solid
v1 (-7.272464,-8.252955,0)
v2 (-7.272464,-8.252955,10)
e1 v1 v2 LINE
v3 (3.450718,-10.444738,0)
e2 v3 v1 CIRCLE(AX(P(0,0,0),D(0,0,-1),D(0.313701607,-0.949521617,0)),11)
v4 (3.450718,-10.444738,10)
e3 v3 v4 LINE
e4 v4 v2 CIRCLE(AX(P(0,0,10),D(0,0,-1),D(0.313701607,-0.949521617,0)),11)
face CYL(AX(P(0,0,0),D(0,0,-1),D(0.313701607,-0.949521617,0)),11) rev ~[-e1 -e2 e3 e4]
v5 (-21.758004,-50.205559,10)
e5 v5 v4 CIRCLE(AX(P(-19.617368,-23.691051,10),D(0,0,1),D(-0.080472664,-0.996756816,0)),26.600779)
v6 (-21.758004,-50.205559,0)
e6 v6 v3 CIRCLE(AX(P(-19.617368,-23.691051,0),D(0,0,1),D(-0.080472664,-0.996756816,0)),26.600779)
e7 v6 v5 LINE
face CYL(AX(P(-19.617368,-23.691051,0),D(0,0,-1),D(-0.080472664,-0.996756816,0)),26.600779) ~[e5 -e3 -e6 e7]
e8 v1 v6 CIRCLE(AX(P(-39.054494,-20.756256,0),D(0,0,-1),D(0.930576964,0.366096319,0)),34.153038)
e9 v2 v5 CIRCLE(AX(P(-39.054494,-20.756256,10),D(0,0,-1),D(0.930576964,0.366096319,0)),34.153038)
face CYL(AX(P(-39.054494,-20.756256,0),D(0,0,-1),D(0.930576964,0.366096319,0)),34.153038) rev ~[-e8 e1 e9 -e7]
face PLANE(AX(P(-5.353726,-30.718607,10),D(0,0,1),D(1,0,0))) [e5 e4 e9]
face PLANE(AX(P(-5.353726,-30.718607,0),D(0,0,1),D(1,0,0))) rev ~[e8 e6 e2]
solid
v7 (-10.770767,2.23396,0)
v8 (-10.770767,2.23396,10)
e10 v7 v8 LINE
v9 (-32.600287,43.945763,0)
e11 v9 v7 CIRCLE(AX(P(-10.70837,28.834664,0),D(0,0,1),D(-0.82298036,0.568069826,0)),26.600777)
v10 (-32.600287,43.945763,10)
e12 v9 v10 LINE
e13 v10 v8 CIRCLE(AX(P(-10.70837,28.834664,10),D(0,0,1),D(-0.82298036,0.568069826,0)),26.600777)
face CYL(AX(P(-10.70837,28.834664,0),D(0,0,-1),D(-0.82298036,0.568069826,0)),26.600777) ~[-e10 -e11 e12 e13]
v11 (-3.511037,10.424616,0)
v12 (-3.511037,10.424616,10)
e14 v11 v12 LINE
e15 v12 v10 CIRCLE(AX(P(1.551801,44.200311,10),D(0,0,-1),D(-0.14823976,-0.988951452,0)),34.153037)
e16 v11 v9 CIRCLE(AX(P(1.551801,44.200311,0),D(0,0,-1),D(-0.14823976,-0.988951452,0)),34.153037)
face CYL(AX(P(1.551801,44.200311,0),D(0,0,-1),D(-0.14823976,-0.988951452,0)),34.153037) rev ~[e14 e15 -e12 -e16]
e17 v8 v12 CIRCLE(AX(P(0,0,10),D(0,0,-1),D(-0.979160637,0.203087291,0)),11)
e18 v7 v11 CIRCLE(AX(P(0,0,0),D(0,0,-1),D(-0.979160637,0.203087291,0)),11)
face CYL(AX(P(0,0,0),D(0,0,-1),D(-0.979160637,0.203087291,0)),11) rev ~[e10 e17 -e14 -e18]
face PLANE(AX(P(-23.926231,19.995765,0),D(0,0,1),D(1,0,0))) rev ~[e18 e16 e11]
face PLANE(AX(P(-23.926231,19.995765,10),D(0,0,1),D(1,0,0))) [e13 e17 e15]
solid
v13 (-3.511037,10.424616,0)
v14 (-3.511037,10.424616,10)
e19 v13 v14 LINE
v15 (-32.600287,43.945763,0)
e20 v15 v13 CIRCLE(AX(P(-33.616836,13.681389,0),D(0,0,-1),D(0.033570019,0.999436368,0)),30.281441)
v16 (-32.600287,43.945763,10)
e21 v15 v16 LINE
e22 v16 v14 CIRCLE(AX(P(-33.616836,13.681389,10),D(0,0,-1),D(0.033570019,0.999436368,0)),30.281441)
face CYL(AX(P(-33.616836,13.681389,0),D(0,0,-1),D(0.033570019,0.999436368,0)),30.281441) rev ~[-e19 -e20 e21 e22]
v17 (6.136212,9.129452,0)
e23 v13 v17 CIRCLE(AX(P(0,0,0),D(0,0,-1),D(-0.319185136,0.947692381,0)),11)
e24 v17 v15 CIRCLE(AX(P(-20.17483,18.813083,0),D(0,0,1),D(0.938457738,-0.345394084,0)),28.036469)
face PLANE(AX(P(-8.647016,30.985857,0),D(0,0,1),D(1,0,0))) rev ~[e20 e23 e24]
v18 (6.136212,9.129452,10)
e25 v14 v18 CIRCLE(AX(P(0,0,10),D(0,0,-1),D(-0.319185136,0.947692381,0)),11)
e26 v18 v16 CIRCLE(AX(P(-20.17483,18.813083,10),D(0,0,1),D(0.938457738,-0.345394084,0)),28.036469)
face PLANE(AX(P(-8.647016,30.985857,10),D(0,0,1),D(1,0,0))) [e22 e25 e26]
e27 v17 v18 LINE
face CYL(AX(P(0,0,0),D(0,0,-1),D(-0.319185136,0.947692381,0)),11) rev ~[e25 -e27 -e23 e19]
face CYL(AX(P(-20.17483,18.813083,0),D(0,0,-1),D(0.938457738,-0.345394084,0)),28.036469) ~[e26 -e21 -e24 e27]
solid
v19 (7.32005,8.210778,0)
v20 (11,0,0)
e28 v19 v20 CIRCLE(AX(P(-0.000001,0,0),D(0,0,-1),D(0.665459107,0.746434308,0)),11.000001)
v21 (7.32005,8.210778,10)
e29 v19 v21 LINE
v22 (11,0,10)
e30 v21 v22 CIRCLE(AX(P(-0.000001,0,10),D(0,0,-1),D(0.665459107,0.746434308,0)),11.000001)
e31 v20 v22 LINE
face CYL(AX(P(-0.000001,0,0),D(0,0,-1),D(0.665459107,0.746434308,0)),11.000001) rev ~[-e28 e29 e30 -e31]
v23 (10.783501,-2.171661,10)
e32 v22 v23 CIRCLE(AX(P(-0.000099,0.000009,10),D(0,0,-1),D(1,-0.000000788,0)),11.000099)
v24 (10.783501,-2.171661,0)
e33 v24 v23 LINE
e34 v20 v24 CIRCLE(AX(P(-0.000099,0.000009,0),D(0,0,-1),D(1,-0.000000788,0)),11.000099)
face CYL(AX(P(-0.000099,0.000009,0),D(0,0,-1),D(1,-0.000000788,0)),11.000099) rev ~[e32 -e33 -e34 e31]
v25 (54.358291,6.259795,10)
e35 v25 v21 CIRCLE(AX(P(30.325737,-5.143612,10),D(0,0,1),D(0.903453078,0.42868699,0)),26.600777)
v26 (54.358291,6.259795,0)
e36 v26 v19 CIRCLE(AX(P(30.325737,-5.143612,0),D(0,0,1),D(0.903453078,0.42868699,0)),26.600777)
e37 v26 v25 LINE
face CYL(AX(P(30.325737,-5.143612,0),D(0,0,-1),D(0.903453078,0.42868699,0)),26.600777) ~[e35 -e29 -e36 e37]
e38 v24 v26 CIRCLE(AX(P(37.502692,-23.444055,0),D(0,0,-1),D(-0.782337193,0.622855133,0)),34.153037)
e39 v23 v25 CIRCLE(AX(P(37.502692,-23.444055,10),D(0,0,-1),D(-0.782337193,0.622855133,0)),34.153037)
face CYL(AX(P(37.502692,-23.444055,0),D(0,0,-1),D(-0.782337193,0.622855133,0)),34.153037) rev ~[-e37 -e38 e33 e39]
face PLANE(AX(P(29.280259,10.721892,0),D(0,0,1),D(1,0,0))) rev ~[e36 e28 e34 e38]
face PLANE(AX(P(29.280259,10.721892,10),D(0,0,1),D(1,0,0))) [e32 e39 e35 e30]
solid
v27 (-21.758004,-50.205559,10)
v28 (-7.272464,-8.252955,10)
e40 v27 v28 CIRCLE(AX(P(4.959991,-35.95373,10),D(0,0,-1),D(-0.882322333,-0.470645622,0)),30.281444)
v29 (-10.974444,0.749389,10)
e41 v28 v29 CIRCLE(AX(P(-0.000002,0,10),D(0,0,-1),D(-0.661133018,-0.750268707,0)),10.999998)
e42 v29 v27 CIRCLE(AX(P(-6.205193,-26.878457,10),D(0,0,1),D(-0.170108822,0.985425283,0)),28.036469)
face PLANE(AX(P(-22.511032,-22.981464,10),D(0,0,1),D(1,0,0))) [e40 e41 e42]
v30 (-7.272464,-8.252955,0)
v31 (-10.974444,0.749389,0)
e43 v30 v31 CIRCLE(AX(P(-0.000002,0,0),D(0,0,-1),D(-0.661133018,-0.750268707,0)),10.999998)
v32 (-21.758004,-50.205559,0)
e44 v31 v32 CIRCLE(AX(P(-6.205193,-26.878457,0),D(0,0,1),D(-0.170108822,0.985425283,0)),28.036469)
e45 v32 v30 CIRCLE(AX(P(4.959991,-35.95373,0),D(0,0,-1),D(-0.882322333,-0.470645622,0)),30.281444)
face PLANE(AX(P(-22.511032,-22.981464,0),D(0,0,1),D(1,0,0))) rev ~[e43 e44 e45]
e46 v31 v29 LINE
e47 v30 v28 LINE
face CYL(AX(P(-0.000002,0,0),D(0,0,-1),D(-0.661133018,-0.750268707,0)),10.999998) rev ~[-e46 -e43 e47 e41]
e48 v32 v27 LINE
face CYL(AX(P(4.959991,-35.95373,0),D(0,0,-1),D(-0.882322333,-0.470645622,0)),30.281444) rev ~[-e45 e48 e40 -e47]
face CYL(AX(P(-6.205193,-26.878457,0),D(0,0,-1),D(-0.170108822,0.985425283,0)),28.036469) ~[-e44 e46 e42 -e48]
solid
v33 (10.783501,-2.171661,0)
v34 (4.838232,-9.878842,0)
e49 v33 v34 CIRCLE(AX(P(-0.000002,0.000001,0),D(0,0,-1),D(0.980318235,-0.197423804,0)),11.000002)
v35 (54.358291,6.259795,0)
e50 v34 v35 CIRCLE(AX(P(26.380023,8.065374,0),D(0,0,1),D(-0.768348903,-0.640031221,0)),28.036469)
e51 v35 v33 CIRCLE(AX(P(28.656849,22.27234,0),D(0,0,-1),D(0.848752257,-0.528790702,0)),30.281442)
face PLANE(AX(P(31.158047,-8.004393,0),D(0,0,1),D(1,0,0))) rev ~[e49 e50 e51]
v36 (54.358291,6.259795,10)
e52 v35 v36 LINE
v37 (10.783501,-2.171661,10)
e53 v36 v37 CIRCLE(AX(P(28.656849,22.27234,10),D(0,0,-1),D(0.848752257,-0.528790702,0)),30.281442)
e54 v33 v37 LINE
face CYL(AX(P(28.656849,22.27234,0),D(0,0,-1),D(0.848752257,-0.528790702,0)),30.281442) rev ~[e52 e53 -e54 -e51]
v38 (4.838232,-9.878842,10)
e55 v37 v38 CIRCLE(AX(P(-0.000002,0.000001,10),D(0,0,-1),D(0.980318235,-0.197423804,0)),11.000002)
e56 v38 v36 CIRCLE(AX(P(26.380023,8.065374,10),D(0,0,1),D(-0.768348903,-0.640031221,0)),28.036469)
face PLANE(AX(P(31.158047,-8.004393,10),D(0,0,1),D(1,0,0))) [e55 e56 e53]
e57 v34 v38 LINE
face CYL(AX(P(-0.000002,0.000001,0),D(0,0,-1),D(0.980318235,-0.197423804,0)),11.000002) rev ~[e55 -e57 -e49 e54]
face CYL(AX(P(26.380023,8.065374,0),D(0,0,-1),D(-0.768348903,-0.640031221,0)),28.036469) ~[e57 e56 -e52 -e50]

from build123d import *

# Parameters (mm, degrees)
F1_DEPTH = 10


with BuildPart() as f1:
    # F0 (on Top) → F1 (new body)
    with BuildSketch(Plane.XY):
        with BuildLine():
            ThreePointArc((-10.770767, 2.23396), (-8.231901, 7.296287), (-3.511037, 10.424616))
            ThreePointArc((-3.511037, 10.424616), (-24.242955, 21.815931), (-32.600287, 43.945763))
            ThreePointArc((-32.600287, 43.945763), (-34.276709, 16.500373), (-10.770767, 2.23396))
        make_face()
        with BuildLine():
            ThreePointArc((-3.511037, 10.424616), (1.463642, 10.90219), (6.136212, 9.129452))
            ThreePointArc((6.136212, 9.129452), (-1.433265, 39.664878), (-32.600287, 43.945763))
            ThreePointArc((-32.600287, 43.945763), (-10.746179, 33.528272), (-3.511037, 10.424616))
        make_face()
        with BuildLine():
            ThreePointArc((7.32005, 8.210778), (10.037942, 4.498858), (11, 0))
            ThreePointArc((11, 0), (10.945741, -1.091213), (10.783501, -2.171661))
            ThreePointArc((10.783501, -2.171661), (31.014628, 10.087049), (54.358291, 6.259795))
            ThreePointArc((54.358291, 6.259795), (31.428097, 21.434314), (7.32005, 8.210778))
        make_face()
        with BuildLine():
            ThreePointArc((54.358291, 6.259795), (34.409424, -7.457672), (10.783501, -2.171661))
            ThreePointArc((10.783501, -2.171661), (8.709753, -6.718646), (4.838232, -9.878842))
            ThreePointArc((4.838232, -9.878842), (35.067425, -18.591195), (54.358291, 6.259795))
        make_face()
        with BuildLine():
            ThreePointArc((-21.758004, -50.205559), (2.848612, -37.934687), (3.450718, -10.444738))
            ThreePointArc((3.450718, -10.444738), (-2.20282, -10.777179), (-7.272464, -8.252955))
            ThreePointArc((-7.272464, -8.252955), (-6.771673, -31.90298), (-21.758004, -50.205559))
        make_face()
        with BuildLine():
            ThreePointArc((-21.758004, -50.205559), (-23.663245, -26.0706), (-7.272464, -8.252955))
            ThreePointArc((-7.272464, -8.252955), (-10.173395, -4.183544), (-10.974444, 0.749389))
            ThreePointArc((-10.974444, 0.749389), (-33.63416, -21.073683), (-21.758004, -50.205559))
        make_face()
    extrude(amount=F1_DEPTH)


solid = f1.part
